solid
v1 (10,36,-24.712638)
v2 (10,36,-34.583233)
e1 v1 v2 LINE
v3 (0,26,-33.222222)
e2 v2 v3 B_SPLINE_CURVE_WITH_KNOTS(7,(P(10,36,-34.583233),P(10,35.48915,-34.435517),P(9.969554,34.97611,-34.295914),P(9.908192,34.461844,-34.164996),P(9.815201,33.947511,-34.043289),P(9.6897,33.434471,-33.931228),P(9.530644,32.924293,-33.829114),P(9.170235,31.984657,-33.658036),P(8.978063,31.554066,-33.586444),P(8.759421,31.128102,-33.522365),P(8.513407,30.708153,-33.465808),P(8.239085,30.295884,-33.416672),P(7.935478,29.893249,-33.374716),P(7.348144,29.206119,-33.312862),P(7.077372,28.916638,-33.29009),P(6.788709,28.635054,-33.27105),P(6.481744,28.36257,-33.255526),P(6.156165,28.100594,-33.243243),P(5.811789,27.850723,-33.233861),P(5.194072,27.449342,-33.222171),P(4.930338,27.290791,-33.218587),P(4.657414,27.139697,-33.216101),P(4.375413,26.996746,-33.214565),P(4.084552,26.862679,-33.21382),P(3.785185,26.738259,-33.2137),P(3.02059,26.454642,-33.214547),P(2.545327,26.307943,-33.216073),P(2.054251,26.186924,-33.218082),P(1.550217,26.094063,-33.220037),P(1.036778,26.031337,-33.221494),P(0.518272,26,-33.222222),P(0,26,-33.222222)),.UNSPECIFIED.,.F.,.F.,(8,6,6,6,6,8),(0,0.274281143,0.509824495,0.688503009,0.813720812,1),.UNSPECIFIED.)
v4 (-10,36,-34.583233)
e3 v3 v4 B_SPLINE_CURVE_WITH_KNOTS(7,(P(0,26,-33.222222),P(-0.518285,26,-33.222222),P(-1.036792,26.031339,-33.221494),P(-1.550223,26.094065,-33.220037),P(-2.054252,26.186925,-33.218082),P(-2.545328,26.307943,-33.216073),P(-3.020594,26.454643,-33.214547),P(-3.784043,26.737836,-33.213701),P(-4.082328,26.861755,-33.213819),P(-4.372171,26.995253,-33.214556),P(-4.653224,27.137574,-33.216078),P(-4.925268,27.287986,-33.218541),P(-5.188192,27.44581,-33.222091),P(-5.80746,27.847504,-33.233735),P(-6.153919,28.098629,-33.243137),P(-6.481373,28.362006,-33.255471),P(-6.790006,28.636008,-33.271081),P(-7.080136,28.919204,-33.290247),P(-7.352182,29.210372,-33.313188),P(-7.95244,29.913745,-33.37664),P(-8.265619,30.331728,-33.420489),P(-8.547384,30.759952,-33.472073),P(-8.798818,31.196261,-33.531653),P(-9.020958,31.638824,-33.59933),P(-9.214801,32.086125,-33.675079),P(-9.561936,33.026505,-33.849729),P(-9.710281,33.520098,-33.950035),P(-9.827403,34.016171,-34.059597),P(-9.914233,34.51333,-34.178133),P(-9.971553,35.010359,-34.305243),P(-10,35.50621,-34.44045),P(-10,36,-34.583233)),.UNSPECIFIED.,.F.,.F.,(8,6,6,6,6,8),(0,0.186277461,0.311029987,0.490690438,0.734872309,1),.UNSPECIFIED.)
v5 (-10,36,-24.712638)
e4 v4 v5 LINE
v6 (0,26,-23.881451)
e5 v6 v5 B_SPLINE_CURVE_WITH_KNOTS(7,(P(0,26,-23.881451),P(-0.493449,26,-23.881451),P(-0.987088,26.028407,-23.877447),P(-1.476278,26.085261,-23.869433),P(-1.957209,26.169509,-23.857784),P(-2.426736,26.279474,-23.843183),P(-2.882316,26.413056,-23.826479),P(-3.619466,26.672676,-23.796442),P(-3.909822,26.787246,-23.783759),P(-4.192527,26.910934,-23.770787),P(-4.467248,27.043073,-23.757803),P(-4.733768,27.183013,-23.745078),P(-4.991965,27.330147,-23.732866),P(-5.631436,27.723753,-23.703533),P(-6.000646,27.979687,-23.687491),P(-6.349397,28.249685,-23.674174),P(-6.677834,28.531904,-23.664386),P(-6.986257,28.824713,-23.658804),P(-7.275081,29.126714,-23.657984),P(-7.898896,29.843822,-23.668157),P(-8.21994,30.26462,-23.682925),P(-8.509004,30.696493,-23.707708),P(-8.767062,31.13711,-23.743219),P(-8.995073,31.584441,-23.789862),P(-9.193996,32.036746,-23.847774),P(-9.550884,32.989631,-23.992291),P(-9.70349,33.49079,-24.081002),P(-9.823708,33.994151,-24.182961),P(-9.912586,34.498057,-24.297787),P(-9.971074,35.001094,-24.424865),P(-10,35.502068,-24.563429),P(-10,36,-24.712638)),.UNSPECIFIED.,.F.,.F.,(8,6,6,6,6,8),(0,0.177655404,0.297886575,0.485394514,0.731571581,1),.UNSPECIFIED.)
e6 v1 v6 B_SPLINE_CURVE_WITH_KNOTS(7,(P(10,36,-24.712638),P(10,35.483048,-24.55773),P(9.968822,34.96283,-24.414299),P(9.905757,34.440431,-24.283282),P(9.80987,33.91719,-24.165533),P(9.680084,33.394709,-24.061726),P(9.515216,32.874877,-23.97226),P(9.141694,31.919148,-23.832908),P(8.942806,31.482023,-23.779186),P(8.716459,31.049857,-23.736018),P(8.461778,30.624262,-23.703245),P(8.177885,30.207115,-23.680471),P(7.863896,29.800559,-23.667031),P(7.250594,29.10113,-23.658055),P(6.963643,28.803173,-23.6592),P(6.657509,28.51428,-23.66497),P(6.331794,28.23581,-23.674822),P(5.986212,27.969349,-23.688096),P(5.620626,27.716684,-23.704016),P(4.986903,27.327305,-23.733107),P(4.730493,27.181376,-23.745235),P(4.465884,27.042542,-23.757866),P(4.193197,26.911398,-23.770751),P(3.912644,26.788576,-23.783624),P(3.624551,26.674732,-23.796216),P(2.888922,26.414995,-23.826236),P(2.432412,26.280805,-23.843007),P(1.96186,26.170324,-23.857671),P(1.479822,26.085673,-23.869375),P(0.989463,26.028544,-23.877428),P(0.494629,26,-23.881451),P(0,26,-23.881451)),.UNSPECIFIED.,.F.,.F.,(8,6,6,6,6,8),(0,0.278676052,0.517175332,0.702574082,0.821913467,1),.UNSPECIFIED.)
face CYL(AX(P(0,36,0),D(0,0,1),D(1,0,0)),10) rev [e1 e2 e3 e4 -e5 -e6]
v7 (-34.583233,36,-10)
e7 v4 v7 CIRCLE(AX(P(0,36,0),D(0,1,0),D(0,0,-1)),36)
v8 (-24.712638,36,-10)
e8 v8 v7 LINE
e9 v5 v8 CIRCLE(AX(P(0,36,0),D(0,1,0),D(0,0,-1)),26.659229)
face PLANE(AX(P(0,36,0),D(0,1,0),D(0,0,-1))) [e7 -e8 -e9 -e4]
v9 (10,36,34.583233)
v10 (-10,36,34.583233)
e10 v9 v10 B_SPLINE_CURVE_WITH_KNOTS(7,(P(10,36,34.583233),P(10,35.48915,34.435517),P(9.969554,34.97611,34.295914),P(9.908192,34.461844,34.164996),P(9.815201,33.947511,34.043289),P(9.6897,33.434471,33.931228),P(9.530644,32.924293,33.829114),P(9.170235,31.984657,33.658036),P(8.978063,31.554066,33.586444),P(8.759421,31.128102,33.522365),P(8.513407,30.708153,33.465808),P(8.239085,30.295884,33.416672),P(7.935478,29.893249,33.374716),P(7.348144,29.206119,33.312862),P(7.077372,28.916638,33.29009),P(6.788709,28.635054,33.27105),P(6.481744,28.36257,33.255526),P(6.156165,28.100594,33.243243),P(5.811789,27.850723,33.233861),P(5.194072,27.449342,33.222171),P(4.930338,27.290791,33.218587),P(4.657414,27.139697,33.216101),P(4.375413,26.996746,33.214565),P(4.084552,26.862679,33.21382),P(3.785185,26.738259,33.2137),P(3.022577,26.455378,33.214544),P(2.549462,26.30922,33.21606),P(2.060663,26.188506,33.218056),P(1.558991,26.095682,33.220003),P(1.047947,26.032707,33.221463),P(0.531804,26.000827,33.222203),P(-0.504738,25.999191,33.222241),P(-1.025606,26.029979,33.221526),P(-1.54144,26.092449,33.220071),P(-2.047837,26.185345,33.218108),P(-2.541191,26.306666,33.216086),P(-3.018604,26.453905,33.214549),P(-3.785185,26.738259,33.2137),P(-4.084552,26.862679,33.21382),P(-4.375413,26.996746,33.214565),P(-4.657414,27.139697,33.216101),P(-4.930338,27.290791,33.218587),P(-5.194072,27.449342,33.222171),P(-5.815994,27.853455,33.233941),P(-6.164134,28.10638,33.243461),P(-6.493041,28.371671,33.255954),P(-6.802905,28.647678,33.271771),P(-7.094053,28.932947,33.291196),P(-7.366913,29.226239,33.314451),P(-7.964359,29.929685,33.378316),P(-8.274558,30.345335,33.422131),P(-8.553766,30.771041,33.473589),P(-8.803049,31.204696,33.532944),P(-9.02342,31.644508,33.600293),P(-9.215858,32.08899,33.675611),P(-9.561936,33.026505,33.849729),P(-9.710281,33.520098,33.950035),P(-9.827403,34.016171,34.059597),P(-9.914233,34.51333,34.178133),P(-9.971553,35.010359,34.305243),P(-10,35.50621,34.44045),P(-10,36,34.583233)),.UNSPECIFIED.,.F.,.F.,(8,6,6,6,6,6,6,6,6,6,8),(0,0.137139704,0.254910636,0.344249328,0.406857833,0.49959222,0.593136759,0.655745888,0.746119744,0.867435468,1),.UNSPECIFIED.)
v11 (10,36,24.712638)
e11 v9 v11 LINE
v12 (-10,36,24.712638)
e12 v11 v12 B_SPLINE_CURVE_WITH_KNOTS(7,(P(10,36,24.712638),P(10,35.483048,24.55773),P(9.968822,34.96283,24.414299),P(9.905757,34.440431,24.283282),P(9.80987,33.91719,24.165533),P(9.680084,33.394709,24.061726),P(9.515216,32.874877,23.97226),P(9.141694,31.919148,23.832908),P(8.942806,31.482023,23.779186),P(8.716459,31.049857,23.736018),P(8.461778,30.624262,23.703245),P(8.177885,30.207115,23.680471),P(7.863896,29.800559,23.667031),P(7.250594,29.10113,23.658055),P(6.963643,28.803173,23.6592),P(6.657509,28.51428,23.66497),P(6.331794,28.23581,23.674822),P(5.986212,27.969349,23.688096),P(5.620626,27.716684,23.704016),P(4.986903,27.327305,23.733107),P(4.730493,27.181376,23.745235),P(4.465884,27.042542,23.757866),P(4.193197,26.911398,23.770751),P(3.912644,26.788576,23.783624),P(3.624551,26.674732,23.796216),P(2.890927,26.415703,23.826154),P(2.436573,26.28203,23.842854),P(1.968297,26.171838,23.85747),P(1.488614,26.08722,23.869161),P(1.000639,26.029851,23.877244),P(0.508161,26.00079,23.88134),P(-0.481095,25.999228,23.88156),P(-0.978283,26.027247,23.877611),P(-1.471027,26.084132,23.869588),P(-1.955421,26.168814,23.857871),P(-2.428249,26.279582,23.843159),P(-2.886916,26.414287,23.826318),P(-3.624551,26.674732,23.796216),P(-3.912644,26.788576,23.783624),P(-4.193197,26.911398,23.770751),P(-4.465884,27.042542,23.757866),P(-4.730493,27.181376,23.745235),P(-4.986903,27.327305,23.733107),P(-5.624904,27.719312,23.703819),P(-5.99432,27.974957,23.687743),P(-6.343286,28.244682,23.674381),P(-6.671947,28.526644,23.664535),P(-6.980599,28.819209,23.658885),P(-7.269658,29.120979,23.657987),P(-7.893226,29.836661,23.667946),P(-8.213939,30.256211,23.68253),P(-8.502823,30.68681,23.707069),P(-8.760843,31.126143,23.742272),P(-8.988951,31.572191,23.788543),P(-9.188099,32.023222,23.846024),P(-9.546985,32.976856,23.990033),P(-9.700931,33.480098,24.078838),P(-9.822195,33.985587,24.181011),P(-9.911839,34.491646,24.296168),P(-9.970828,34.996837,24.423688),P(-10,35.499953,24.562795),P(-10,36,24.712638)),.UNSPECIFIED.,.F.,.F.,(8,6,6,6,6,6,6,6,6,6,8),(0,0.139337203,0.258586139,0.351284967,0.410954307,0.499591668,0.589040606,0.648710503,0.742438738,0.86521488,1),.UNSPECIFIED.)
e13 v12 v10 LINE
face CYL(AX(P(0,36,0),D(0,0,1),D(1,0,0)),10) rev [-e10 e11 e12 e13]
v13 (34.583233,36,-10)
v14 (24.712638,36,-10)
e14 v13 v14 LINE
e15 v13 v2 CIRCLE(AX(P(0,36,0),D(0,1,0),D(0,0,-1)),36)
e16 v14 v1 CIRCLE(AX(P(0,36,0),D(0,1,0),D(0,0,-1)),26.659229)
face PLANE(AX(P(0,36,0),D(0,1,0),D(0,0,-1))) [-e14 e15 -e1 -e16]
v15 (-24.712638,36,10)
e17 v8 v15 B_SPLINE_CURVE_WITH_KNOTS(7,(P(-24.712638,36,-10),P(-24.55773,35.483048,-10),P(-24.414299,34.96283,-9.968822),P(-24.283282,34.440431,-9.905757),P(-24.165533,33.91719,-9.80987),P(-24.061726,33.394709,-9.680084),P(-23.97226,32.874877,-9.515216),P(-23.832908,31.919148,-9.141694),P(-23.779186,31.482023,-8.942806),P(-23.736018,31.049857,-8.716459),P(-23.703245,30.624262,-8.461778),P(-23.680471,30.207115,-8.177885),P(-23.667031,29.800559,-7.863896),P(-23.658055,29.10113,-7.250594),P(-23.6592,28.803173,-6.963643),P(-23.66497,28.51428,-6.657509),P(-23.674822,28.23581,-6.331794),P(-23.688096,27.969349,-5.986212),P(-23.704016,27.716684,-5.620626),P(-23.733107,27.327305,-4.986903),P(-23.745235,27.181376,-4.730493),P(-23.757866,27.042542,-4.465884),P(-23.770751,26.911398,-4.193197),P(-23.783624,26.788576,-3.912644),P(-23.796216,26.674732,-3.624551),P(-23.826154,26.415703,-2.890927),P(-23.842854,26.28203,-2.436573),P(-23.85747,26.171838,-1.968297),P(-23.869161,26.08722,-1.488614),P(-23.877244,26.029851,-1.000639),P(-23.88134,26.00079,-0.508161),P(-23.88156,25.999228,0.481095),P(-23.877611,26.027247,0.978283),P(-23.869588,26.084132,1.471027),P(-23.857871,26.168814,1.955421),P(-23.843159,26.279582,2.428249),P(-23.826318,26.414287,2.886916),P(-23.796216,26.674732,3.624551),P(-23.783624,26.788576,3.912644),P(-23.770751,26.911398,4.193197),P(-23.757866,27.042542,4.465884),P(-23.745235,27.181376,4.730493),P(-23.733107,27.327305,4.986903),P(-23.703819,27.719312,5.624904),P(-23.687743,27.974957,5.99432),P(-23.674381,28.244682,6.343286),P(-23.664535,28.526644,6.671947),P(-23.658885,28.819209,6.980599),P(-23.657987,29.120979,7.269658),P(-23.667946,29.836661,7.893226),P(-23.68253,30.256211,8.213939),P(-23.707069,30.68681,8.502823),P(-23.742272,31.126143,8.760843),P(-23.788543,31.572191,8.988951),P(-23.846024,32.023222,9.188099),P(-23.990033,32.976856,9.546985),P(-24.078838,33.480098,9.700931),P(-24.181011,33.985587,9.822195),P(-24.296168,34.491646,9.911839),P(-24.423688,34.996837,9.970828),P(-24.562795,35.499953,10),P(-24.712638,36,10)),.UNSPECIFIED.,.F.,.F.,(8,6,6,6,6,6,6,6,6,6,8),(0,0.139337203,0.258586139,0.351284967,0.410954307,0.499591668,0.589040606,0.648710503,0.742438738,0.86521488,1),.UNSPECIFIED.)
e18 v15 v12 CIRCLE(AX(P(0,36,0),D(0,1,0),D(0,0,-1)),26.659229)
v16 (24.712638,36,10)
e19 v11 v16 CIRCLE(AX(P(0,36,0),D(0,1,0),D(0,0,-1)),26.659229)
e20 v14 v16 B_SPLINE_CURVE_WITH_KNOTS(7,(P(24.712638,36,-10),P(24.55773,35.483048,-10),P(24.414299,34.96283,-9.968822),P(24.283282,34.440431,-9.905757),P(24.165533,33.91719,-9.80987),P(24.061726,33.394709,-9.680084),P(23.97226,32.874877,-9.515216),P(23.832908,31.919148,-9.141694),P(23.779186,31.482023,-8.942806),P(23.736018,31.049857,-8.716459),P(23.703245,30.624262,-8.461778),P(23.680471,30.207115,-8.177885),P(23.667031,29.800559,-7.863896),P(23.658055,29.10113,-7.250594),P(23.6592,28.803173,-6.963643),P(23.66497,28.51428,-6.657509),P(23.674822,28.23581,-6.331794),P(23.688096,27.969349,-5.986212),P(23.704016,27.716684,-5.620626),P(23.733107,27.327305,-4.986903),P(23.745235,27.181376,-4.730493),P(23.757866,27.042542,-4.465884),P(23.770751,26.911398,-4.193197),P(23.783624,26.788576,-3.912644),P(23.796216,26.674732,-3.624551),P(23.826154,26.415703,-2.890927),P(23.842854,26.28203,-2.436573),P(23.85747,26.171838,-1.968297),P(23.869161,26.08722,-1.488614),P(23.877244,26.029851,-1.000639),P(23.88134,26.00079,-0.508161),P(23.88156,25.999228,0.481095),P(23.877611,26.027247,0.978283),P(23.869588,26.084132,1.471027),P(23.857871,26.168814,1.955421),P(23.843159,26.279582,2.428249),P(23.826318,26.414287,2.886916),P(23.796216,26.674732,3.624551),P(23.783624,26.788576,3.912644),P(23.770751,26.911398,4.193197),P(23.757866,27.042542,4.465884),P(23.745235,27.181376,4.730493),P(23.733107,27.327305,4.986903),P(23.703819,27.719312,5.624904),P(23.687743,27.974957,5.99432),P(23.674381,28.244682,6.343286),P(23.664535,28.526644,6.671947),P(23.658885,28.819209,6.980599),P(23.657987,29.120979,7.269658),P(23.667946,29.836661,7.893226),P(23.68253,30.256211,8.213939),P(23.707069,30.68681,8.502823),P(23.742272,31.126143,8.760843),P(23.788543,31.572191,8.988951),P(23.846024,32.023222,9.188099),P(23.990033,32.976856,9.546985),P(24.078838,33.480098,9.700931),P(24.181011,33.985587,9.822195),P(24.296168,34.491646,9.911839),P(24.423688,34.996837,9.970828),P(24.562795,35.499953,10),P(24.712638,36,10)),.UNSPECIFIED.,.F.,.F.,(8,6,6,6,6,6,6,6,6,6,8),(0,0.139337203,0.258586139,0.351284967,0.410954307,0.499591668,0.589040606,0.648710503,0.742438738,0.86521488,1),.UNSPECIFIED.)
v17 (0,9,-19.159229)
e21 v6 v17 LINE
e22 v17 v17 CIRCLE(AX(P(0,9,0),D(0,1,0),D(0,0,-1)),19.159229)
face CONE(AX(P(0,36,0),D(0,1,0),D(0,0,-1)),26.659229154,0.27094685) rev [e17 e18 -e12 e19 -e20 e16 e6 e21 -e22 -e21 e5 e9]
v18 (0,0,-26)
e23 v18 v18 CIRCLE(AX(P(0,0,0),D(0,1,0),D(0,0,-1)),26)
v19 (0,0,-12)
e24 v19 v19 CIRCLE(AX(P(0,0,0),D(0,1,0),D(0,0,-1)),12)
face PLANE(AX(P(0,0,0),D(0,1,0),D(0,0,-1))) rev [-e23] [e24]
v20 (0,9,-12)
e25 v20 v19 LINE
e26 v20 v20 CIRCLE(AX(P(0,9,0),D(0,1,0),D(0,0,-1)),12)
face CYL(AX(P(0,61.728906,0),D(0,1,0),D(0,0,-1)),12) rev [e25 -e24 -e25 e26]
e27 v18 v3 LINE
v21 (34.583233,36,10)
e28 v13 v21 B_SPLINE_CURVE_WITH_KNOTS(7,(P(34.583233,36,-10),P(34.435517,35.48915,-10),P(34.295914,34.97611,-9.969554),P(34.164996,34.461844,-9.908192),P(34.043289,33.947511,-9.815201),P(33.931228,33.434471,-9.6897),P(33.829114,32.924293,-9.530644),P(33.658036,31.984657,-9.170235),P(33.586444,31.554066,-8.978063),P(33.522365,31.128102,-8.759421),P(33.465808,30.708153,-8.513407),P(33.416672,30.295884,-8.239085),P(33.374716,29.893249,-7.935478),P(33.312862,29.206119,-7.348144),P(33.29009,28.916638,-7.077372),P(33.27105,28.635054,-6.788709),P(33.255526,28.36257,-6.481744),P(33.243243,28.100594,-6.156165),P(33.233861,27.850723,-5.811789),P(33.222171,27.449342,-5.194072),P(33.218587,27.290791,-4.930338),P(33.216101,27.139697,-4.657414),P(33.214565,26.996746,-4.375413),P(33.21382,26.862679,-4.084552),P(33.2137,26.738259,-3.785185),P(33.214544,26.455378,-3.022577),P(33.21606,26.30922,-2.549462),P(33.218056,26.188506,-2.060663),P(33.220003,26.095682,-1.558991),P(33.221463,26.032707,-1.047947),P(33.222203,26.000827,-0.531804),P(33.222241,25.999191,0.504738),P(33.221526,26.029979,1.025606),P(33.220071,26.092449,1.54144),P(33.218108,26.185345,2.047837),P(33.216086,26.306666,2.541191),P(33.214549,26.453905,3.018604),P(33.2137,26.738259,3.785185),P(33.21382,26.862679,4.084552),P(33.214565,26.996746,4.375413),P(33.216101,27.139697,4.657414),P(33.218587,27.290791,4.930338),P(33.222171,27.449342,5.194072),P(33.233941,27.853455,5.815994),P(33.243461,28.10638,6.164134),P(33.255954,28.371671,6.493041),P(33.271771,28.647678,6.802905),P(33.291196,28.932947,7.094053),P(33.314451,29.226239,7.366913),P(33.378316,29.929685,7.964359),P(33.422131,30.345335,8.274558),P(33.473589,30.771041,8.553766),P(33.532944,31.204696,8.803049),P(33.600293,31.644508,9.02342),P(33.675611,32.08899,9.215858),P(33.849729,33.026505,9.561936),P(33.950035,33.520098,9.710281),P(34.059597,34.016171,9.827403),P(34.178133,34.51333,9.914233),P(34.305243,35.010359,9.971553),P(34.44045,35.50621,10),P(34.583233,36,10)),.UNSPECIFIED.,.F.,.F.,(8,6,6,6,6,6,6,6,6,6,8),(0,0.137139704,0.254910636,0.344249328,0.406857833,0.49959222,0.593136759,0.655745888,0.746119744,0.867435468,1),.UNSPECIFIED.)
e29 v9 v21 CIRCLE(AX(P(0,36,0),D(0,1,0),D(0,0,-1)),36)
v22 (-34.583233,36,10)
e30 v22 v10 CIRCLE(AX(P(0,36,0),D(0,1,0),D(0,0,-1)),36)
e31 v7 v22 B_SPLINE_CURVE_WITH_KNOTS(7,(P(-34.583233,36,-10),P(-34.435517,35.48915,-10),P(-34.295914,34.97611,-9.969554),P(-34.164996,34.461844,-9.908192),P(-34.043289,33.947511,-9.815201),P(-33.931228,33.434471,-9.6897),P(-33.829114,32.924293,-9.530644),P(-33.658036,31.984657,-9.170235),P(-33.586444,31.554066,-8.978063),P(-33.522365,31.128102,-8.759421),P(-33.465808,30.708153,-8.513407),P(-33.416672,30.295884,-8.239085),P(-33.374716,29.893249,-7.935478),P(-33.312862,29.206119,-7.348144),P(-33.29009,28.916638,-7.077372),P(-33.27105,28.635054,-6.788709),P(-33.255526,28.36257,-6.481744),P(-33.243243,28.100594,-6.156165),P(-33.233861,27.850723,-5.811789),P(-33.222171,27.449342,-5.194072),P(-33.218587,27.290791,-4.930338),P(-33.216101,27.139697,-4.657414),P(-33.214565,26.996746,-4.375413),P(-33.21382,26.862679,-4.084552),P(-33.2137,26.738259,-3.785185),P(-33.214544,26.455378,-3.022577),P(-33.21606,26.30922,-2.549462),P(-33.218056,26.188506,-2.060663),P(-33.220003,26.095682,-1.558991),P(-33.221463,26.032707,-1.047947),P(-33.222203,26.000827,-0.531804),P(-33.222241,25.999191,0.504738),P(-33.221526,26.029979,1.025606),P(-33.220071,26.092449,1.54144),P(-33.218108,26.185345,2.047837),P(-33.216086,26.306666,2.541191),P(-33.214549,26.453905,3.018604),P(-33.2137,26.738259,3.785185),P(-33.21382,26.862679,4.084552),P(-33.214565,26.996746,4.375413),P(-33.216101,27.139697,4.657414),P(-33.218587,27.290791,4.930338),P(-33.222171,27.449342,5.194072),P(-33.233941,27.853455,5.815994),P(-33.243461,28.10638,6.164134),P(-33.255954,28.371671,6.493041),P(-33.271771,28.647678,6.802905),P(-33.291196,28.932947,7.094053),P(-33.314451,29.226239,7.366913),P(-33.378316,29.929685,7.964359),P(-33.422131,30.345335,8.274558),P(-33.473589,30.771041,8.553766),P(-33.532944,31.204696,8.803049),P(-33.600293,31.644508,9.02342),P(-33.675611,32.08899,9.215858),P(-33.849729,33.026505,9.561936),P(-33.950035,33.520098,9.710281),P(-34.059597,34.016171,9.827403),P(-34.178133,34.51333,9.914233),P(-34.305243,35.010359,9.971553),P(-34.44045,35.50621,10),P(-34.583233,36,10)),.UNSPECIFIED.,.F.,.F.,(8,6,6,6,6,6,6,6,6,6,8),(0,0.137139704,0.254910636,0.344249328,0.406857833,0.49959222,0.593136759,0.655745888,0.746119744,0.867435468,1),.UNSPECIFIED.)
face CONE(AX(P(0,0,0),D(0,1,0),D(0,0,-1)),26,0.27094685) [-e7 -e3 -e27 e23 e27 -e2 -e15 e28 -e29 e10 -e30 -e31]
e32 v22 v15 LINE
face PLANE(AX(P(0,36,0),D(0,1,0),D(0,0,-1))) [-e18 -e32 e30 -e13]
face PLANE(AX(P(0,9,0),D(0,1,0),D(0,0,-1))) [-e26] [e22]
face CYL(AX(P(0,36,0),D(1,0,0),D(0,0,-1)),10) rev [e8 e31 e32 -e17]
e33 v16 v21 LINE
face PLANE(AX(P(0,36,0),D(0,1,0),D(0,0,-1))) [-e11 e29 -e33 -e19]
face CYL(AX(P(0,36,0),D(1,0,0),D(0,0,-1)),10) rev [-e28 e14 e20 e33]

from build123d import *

# Parameters (mm, degrees)
CUT_EXTRUDE1_DEPTH      = 63.353829072
CIRPATTERN1_COUNT       = 4
CUT_EXTRUDE2_DEPTH      = 61.728905976
CUT_EXTRUDE2_DEPTH_BACK = 61.728905976
SKETCH4_R               = 12


with BuildPart() as part:
    # Sketch1 → Revolve1 (revolve)
    with BuildSketch(Plane.XY, mode=Mode.PRIVATE) as revolve1_sk:
        Polygon((0, 9), (0, 0), (26, 0), (36, 36), (26.659229154, 36), (19.159229154, 9), align=None)
    revolve(revolve1_sk.sketch.rotate(Axis((0, 0, 0), (0, 1, 0)), 90), axis=Axis((0, 0, 0), (0, 1, 0)))

    # Sketch2 → Cut-Extrude1 (cut, symmetric)
    with BuildSketch(Plane(origin=(0, 0, 0), x_dir=(0, 0, -1), z_dir=(1, 0, 0))):
        with BuildLine():
            Line((-10, 36), (10, 36))
            ThreePointArc((10, 36), (0, 26), (-10, 36))
        make_face()
    cut_extrude1 = extrude(amount=CUT_EXTRUDE1_DEPTH, both=True, mode=Mode.SUBTRACT)

    # CirPattern1: Cut-Extrude1 ×4 about axis
    cirpattern1_axis = Axis((0, 0, 0), (0, -1, 0))
    for i in range(1, CIRPATTERN1_COUNT):
        add(cut_extrude1.rotate(cirpattern1_axis, i * 360 / CIRPATTERN1_COUNT), mode=Mode.SUBTRACT)

    # Sketch4 → Cut-Extrude2 (cut, two sides: drawn at the far end of the back side and taken through both)
    with BuildSketch(Plane.XZ.offset(-CUT_EXTRUDE2_DEPTH_BACK)):
        with Locations(Location((0, 0, 0), (0, 0, 270))):
            Circle(SKETCH4_R)
    extrude(amount=CUT_EXTRUDE2_DEPTH + CUT_EXTRUDE2_DEPTH_BACK, mode=Mode.SUBTRACT)


solid = part.part
